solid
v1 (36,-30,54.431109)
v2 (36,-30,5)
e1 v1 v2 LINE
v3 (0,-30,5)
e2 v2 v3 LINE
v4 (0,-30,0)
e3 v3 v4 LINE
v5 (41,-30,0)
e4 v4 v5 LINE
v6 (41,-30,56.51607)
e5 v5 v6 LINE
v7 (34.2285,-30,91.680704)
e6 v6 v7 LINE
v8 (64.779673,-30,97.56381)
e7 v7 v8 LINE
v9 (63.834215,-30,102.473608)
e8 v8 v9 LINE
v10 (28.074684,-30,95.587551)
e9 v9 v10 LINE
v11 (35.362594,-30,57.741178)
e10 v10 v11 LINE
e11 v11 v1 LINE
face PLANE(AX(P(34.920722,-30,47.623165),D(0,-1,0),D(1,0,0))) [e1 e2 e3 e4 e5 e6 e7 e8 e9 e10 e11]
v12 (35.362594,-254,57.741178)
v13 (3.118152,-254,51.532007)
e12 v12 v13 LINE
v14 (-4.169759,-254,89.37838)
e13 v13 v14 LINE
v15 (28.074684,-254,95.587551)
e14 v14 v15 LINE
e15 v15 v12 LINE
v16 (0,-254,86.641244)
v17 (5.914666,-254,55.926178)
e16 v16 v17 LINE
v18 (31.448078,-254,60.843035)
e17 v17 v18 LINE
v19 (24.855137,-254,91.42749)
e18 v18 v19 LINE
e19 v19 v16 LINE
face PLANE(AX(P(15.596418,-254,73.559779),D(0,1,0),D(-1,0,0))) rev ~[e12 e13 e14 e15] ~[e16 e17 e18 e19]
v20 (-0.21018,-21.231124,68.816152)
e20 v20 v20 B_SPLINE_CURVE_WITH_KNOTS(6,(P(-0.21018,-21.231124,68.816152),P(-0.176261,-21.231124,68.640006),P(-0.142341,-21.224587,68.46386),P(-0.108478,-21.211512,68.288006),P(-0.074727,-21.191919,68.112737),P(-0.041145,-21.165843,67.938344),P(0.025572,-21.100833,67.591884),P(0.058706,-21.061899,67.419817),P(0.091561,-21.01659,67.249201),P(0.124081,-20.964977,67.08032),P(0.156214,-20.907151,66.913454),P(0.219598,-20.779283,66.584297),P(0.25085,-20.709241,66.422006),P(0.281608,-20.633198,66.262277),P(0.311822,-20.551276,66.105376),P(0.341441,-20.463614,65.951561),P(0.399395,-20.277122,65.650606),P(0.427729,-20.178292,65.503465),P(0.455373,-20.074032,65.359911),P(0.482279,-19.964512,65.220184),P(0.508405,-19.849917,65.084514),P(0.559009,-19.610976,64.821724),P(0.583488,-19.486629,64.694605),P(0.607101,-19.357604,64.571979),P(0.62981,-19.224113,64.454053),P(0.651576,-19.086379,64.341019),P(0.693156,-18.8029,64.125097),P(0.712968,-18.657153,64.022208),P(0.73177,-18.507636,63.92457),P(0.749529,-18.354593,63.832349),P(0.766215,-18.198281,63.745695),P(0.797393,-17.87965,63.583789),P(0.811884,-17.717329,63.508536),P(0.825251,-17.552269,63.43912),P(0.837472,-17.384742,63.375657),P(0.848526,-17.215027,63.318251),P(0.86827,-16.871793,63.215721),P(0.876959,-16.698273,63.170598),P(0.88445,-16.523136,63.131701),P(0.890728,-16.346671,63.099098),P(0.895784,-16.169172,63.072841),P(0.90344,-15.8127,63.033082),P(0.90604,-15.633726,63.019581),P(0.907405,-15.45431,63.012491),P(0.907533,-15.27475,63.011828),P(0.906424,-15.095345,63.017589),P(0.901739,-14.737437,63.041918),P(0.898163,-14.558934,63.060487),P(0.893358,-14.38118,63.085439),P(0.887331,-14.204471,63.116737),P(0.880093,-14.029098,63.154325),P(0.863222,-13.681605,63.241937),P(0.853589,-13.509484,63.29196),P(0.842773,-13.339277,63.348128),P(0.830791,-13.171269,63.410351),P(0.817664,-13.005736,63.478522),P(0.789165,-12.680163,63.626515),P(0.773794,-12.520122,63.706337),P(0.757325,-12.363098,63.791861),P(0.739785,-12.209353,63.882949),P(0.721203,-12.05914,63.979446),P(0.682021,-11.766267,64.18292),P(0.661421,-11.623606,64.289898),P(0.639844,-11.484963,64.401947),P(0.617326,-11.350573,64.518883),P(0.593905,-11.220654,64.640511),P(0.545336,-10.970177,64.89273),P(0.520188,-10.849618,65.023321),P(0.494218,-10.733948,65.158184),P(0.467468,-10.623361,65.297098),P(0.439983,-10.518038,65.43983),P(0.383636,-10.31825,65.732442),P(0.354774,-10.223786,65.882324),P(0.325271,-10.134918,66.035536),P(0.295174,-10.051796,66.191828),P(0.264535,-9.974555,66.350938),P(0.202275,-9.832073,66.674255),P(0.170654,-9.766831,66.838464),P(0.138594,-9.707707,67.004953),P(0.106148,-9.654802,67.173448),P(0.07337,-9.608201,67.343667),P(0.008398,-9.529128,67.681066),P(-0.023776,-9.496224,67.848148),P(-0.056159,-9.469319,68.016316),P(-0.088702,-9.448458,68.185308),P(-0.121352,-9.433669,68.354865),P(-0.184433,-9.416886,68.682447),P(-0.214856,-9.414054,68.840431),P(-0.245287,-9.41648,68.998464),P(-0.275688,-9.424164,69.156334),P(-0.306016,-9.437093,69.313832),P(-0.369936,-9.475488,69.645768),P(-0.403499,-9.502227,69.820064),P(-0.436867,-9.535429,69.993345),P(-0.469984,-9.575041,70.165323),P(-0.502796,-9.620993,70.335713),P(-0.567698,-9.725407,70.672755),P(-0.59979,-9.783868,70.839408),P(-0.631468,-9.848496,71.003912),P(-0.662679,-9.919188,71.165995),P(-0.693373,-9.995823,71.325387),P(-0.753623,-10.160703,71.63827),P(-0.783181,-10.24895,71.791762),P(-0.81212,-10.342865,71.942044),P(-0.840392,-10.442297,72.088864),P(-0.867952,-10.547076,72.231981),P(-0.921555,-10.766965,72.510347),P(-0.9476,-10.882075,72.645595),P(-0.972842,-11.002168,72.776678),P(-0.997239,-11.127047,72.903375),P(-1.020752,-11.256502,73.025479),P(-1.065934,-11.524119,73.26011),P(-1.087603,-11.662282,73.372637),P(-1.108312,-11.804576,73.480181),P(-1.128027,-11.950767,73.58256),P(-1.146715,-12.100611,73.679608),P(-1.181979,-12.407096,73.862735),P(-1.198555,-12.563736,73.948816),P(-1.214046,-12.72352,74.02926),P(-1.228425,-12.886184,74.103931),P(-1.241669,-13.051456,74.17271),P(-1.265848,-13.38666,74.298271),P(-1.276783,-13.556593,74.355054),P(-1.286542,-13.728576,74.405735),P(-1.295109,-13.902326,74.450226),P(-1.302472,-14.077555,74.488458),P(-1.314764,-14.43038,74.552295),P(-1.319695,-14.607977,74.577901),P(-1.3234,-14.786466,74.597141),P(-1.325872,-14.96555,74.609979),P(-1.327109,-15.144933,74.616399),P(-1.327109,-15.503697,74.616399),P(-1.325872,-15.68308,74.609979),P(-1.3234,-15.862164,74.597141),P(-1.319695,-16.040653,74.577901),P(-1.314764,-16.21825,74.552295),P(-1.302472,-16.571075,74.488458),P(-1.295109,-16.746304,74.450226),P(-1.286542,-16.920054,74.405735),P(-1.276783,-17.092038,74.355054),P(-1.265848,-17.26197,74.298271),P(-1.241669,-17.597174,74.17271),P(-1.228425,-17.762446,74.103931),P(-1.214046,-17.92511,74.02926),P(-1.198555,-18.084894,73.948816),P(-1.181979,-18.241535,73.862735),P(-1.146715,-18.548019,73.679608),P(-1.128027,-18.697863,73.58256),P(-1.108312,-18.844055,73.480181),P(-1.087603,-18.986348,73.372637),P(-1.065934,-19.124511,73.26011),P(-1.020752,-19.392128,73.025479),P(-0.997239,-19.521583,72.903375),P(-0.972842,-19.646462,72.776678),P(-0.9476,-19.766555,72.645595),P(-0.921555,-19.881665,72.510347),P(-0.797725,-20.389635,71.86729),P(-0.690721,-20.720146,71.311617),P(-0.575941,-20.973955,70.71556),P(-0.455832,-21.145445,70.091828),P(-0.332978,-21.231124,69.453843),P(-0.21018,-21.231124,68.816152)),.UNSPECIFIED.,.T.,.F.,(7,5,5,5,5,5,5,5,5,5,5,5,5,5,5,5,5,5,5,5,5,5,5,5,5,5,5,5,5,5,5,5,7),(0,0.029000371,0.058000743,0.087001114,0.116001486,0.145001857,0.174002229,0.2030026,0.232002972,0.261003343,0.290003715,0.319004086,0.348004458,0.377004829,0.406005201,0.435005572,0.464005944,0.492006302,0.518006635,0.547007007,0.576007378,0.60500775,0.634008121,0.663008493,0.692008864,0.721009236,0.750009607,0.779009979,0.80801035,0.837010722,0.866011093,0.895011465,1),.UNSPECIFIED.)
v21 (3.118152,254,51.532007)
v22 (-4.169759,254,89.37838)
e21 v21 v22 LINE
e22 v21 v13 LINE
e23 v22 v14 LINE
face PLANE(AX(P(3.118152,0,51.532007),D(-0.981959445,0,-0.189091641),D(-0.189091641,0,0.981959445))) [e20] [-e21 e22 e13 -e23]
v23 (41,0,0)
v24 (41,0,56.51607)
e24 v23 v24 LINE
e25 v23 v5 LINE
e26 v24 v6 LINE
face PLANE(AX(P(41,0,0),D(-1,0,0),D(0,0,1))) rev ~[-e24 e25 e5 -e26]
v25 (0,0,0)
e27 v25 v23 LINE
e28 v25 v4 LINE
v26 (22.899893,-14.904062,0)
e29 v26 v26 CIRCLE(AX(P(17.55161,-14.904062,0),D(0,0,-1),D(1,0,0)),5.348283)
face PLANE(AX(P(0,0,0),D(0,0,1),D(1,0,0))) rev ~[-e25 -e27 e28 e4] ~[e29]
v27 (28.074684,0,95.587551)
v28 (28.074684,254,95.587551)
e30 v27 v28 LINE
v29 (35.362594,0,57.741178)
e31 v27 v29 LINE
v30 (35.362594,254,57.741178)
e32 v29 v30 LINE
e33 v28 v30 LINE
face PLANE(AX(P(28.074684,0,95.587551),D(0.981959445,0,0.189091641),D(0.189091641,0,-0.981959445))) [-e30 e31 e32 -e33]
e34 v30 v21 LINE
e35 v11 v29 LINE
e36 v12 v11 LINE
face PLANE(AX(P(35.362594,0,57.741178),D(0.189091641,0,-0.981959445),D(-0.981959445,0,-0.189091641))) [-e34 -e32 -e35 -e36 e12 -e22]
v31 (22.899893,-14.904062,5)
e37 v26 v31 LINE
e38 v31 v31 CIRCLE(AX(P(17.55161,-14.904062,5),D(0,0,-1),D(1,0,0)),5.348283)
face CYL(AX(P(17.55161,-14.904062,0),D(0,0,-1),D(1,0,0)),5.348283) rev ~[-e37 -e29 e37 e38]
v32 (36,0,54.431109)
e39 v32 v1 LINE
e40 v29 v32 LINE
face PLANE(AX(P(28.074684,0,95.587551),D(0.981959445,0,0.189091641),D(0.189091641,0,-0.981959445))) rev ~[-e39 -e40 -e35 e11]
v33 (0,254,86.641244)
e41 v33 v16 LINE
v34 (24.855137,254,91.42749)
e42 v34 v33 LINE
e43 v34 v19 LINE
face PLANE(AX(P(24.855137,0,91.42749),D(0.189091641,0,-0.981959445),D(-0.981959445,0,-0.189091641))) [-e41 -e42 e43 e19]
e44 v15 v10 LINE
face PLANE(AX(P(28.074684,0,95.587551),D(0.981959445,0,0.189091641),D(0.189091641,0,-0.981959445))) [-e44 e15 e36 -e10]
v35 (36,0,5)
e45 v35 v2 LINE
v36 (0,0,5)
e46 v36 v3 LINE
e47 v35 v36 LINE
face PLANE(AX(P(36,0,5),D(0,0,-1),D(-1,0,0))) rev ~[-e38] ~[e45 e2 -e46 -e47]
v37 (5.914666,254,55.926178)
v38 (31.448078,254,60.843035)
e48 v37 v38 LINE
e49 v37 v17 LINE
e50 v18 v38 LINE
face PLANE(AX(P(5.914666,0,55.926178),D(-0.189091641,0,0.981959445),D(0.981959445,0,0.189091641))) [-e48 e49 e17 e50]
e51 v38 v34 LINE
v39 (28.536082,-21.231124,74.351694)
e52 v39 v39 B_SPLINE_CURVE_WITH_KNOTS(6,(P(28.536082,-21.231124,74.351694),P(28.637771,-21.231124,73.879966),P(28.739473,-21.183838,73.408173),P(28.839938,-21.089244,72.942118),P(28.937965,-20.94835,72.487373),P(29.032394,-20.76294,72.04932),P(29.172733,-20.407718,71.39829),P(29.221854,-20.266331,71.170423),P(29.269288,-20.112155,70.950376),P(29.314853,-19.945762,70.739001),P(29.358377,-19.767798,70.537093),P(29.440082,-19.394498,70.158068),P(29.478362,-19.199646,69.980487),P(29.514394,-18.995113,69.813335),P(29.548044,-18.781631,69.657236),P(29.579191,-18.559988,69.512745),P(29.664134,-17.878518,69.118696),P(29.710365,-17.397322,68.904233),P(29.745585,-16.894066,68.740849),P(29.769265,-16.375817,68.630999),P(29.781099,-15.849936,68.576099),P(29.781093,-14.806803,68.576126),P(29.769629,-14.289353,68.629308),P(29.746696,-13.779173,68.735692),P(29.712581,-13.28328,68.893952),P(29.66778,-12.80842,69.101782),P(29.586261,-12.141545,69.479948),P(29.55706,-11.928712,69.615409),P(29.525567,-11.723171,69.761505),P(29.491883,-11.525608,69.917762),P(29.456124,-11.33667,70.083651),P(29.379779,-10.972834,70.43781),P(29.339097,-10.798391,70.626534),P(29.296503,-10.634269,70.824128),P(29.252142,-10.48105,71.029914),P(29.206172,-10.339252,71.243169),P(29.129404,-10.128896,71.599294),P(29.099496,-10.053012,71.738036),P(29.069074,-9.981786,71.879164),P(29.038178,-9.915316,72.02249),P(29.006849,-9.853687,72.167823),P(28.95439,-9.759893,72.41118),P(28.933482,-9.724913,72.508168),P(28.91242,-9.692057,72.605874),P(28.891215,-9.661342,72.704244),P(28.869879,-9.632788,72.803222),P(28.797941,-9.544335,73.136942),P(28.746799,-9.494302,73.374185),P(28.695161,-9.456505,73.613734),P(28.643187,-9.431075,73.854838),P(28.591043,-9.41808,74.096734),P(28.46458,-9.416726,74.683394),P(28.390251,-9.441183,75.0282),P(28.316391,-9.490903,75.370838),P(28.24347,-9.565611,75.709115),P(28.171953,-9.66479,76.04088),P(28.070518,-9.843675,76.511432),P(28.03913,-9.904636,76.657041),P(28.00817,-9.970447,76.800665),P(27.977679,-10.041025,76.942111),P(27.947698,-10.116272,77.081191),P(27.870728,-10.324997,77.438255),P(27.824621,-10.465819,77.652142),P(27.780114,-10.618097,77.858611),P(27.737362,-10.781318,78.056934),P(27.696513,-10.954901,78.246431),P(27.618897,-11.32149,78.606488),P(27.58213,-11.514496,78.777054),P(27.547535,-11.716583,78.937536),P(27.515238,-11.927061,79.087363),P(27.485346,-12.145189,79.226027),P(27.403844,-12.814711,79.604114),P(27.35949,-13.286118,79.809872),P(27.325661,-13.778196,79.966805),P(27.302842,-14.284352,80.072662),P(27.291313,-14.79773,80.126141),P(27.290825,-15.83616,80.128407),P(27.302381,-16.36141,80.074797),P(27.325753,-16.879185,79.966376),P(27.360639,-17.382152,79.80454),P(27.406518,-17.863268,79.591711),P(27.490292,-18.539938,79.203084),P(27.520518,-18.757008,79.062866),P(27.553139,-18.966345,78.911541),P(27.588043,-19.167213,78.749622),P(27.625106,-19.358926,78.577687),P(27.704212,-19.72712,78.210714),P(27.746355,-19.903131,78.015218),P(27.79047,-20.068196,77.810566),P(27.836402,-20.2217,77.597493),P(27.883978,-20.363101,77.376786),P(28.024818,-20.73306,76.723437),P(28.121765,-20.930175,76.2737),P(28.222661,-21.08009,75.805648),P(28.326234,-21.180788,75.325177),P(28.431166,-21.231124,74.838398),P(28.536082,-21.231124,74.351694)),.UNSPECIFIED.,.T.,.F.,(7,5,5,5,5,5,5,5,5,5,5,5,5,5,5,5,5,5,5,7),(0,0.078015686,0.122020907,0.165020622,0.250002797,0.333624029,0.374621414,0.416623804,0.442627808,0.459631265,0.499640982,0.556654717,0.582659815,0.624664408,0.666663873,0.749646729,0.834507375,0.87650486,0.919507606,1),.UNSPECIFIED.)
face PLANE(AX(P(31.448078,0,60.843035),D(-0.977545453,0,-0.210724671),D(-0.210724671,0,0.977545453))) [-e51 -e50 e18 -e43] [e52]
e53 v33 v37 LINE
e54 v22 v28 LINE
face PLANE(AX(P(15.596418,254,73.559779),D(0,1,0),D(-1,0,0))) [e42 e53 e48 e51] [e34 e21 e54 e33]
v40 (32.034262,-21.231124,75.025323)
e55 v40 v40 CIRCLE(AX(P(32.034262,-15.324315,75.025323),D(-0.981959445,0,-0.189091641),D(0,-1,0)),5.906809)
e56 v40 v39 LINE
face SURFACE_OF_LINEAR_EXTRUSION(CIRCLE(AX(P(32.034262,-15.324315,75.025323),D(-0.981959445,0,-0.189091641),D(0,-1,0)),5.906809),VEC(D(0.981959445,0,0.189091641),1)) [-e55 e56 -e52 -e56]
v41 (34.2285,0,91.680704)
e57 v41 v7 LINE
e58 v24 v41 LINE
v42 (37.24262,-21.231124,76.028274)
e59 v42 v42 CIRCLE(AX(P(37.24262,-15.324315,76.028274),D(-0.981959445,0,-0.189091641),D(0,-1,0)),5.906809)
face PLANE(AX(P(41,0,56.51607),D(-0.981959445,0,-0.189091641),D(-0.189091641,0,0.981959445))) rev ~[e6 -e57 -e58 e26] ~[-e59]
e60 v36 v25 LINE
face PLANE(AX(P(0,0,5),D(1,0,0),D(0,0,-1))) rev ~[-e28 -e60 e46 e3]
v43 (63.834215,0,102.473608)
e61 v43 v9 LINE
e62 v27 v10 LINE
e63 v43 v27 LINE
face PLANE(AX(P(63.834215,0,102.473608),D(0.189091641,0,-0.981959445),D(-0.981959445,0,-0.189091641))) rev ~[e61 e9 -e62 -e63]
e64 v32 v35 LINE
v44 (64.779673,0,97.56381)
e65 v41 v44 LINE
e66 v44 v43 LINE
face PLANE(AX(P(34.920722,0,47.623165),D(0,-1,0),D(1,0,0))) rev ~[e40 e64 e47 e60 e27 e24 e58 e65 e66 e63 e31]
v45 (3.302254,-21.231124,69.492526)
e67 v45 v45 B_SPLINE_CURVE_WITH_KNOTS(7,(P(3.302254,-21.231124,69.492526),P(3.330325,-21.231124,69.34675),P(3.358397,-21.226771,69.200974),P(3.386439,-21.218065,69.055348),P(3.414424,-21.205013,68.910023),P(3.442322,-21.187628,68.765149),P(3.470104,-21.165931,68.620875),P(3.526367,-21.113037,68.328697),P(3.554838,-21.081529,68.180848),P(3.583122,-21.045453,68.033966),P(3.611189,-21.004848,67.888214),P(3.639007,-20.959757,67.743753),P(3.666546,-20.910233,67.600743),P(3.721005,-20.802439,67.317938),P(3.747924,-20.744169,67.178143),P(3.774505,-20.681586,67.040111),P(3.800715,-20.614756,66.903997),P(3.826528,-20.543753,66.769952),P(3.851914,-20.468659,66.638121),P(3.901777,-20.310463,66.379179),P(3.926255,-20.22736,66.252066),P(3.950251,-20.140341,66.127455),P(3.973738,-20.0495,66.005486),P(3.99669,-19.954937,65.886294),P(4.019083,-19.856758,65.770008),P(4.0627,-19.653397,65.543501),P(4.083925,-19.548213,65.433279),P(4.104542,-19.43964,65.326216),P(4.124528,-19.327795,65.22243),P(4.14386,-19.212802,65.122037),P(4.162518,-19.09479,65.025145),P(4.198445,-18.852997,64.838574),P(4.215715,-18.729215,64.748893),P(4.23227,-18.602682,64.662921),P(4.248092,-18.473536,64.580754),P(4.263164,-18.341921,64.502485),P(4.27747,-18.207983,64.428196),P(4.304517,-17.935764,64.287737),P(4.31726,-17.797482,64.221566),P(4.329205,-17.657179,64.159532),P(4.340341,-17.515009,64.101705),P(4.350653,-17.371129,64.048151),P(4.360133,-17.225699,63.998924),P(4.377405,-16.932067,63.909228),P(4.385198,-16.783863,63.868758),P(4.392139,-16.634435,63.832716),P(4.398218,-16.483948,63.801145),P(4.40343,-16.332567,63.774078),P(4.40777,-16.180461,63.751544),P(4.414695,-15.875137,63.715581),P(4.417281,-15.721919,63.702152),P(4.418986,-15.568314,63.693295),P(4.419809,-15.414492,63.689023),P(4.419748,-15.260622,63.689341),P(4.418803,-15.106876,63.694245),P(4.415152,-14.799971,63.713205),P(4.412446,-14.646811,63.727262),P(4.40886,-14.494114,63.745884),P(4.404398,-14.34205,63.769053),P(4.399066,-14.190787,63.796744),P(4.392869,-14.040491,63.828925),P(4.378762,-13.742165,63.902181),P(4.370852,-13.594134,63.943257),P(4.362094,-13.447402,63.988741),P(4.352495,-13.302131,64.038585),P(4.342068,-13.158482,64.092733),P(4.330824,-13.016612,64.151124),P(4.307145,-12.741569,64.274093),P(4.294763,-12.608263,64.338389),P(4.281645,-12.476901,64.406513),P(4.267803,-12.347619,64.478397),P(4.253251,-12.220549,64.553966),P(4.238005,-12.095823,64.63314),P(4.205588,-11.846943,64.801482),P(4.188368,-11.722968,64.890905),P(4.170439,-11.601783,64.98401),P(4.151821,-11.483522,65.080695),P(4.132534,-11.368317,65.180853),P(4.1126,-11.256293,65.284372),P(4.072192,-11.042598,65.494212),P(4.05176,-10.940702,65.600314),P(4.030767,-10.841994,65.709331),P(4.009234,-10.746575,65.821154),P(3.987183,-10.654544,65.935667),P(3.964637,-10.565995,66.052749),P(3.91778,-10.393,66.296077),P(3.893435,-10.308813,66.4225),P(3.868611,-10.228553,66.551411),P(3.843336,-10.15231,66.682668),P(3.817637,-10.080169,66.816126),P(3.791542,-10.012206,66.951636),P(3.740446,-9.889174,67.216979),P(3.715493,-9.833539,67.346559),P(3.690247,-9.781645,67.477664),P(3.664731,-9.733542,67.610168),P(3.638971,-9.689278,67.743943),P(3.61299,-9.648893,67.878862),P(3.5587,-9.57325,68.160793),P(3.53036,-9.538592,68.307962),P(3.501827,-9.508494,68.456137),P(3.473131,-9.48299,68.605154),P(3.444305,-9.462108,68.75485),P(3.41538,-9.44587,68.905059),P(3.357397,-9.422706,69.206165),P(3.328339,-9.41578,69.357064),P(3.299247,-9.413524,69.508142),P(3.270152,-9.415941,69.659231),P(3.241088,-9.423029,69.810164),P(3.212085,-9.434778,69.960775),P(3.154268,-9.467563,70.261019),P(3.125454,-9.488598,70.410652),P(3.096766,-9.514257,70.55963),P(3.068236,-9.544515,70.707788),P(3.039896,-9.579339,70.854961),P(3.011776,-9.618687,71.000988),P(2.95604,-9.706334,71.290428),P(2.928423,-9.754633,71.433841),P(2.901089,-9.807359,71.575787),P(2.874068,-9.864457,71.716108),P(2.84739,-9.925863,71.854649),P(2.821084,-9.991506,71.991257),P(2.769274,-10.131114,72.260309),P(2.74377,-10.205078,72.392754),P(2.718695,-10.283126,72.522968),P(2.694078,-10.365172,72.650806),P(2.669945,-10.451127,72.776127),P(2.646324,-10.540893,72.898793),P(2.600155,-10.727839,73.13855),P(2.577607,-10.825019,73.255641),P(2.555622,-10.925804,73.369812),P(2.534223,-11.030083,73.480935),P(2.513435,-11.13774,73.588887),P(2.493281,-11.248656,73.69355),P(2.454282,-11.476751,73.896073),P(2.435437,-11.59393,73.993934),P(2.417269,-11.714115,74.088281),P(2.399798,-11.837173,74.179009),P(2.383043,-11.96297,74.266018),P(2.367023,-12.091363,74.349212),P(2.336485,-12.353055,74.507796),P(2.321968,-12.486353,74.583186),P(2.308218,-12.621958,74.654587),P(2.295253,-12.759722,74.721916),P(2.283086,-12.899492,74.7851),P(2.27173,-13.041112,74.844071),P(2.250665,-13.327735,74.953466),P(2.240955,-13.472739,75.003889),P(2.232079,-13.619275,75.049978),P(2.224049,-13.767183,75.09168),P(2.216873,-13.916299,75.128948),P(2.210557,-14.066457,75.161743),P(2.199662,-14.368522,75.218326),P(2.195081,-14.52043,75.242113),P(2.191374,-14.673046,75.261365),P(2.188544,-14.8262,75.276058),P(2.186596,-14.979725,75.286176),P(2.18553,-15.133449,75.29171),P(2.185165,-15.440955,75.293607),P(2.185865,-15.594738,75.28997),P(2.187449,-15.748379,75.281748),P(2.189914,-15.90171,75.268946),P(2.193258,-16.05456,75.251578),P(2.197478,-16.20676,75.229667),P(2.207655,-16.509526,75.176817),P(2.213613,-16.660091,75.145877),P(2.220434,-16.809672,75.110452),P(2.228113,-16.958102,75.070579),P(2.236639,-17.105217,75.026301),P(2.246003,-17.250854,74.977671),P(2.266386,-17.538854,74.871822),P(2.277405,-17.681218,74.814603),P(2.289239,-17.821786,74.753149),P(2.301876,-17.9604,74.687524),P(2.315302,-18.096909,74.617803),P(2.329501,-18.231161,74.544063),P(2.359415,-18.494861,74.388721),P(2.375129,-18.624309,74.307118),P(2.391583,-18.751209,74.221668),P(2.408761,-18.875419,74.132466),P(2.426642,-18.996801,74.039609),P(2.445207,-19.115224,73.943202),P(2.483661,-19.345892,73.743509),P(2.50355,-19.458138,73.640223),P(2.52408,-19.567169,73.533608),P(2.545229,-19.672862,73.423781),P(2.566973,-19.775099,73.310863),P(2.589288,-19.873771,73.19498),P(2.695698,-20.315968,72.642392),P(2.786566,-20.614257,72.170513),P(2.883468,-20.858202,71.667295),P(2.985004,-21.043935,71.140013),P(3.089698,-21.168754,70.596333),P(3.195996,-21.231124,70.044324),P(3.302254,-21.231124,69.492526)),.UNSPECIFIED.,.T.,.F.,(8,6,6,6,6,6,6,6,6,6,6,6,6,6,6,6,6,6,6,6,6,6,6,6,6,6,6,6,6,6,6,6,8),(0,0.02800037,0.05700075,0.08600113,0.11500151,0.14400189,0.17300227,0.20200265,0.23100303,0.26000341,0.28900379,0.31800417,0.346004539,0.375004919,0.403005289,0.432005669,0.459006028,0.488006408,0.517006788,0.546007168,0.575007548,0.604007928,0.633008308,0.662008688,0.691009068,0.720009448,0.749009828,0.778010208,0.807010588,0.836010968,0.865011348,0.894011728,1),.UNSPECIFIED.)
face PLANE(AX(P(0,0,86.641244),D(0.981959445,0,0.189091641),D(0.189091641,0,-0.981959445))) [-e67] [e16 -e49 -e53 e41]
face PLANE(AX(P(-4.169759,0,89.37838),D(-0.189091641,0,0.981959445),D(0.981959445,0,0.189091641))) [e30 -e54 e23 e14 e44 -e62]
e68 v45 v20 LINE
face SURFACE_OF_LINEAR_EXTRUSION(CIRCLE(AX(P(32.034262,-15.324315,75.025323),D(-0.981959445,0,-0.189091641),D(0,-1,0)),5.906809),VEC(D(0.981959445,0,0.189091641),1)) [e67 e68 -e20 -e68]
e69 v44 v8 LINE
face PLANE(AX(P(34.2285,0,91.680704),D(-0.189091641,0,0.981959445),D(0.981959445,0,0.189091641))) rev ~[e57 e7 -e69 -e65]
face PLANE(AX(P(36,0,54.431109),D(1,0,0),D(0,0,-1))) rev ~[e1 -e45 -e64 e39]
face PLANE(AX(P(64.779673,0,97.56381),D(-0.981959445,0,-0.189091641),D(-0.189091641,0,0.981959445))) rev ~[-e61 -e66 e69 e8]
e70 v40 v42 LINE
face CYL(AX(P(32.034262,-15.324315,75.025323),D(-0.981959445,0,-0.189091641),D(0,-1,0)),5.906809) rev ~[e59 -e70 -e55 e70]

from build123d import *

# Parameters (mm, degrees)
F1_DEPTH = 30
F2_R     = 5.9068086224
F3_DEPTH = 37.3459064877
F5_DEPTH = 254
F6_R     = 5.3482830895
F7_DEPTH = 25.4
F8_DEPTH = 49.7385416959


with BuildPart() as f1:
    # F0 (on Front) → F1 (new body)
    with BuildSketch(Plane.XZ):
        Polygon((0, 5), (0, 0), (41, 0), (41, 56.516070229), (34.2285000014, 91.6807044894), (64.7796728897, 97.563810386), (63.8342146871, 102.4736076107), (28.0746837728, 95.5875509623), (36, 54.4311090238), (36, 5), align=None)
    extrude(amount=F1_DEPTH)

    # F2 (on face) → F3 (cut, through all)
    with BuildSketch(Plane(origin=(44.8195825231, 0, 8.6307112067), x_dir=(0, -1, 0), z_dir=(-0.9819594449, 0, -0.1890916405))):
        with Locations((15.3243150562, 67.6144137979)):
            Circle(F2_R)
    extrude(amount=-F3_DEPTH, mode=Mode.SUBTRACT)

    # F4 (on face) → F5 (join, symmetric)
    with BuildSketch(Plane(origin=(0, 0, 0), x_dir=(-1, 0, 0), z_dir=(0, 1, 0))):
        Polygon((4.1697587408, 89.3783795312), (-28.0746837728, 95.5875509623), (-35.362594468, 57.7411780502), (-3.1181519544, 51.5320066191), align=None)
        Polygon((-31.4480777671, 60.8430350679), (-24.8551371776, 91.4274895161), (0, 86.6412443325), (-5.9146662272, 55.9261775534), align=None, mode=Mode.SUBTRACT)
    extrude(amount=F5_DEPTH, both=True)

    # F6 (on face) → F7 (cut)
    with BuildSketch(Plane(origin=(0, 0, 0), x_dir=(1, 0, 0), z_dir=(0, 0, -1))):
        with Locations((17.5516102463, 14.9040622637)):
            Circle(F6_R)
    extrude(amount=-F7_DEPTH, mode=Mode.SUBTRACT)

    # F8 (cut, through all): a face of the model
    f8_faces = [f1.faces().sort_by_distance(p)[0] for p in [
        (32.0342620964, -15.3243150562, 75.0253234491),
    ]]
    extrude(f8_faces, amount=-F8_DEPTH, mode=Mode.SUBTRACT)


solid = f1.part
